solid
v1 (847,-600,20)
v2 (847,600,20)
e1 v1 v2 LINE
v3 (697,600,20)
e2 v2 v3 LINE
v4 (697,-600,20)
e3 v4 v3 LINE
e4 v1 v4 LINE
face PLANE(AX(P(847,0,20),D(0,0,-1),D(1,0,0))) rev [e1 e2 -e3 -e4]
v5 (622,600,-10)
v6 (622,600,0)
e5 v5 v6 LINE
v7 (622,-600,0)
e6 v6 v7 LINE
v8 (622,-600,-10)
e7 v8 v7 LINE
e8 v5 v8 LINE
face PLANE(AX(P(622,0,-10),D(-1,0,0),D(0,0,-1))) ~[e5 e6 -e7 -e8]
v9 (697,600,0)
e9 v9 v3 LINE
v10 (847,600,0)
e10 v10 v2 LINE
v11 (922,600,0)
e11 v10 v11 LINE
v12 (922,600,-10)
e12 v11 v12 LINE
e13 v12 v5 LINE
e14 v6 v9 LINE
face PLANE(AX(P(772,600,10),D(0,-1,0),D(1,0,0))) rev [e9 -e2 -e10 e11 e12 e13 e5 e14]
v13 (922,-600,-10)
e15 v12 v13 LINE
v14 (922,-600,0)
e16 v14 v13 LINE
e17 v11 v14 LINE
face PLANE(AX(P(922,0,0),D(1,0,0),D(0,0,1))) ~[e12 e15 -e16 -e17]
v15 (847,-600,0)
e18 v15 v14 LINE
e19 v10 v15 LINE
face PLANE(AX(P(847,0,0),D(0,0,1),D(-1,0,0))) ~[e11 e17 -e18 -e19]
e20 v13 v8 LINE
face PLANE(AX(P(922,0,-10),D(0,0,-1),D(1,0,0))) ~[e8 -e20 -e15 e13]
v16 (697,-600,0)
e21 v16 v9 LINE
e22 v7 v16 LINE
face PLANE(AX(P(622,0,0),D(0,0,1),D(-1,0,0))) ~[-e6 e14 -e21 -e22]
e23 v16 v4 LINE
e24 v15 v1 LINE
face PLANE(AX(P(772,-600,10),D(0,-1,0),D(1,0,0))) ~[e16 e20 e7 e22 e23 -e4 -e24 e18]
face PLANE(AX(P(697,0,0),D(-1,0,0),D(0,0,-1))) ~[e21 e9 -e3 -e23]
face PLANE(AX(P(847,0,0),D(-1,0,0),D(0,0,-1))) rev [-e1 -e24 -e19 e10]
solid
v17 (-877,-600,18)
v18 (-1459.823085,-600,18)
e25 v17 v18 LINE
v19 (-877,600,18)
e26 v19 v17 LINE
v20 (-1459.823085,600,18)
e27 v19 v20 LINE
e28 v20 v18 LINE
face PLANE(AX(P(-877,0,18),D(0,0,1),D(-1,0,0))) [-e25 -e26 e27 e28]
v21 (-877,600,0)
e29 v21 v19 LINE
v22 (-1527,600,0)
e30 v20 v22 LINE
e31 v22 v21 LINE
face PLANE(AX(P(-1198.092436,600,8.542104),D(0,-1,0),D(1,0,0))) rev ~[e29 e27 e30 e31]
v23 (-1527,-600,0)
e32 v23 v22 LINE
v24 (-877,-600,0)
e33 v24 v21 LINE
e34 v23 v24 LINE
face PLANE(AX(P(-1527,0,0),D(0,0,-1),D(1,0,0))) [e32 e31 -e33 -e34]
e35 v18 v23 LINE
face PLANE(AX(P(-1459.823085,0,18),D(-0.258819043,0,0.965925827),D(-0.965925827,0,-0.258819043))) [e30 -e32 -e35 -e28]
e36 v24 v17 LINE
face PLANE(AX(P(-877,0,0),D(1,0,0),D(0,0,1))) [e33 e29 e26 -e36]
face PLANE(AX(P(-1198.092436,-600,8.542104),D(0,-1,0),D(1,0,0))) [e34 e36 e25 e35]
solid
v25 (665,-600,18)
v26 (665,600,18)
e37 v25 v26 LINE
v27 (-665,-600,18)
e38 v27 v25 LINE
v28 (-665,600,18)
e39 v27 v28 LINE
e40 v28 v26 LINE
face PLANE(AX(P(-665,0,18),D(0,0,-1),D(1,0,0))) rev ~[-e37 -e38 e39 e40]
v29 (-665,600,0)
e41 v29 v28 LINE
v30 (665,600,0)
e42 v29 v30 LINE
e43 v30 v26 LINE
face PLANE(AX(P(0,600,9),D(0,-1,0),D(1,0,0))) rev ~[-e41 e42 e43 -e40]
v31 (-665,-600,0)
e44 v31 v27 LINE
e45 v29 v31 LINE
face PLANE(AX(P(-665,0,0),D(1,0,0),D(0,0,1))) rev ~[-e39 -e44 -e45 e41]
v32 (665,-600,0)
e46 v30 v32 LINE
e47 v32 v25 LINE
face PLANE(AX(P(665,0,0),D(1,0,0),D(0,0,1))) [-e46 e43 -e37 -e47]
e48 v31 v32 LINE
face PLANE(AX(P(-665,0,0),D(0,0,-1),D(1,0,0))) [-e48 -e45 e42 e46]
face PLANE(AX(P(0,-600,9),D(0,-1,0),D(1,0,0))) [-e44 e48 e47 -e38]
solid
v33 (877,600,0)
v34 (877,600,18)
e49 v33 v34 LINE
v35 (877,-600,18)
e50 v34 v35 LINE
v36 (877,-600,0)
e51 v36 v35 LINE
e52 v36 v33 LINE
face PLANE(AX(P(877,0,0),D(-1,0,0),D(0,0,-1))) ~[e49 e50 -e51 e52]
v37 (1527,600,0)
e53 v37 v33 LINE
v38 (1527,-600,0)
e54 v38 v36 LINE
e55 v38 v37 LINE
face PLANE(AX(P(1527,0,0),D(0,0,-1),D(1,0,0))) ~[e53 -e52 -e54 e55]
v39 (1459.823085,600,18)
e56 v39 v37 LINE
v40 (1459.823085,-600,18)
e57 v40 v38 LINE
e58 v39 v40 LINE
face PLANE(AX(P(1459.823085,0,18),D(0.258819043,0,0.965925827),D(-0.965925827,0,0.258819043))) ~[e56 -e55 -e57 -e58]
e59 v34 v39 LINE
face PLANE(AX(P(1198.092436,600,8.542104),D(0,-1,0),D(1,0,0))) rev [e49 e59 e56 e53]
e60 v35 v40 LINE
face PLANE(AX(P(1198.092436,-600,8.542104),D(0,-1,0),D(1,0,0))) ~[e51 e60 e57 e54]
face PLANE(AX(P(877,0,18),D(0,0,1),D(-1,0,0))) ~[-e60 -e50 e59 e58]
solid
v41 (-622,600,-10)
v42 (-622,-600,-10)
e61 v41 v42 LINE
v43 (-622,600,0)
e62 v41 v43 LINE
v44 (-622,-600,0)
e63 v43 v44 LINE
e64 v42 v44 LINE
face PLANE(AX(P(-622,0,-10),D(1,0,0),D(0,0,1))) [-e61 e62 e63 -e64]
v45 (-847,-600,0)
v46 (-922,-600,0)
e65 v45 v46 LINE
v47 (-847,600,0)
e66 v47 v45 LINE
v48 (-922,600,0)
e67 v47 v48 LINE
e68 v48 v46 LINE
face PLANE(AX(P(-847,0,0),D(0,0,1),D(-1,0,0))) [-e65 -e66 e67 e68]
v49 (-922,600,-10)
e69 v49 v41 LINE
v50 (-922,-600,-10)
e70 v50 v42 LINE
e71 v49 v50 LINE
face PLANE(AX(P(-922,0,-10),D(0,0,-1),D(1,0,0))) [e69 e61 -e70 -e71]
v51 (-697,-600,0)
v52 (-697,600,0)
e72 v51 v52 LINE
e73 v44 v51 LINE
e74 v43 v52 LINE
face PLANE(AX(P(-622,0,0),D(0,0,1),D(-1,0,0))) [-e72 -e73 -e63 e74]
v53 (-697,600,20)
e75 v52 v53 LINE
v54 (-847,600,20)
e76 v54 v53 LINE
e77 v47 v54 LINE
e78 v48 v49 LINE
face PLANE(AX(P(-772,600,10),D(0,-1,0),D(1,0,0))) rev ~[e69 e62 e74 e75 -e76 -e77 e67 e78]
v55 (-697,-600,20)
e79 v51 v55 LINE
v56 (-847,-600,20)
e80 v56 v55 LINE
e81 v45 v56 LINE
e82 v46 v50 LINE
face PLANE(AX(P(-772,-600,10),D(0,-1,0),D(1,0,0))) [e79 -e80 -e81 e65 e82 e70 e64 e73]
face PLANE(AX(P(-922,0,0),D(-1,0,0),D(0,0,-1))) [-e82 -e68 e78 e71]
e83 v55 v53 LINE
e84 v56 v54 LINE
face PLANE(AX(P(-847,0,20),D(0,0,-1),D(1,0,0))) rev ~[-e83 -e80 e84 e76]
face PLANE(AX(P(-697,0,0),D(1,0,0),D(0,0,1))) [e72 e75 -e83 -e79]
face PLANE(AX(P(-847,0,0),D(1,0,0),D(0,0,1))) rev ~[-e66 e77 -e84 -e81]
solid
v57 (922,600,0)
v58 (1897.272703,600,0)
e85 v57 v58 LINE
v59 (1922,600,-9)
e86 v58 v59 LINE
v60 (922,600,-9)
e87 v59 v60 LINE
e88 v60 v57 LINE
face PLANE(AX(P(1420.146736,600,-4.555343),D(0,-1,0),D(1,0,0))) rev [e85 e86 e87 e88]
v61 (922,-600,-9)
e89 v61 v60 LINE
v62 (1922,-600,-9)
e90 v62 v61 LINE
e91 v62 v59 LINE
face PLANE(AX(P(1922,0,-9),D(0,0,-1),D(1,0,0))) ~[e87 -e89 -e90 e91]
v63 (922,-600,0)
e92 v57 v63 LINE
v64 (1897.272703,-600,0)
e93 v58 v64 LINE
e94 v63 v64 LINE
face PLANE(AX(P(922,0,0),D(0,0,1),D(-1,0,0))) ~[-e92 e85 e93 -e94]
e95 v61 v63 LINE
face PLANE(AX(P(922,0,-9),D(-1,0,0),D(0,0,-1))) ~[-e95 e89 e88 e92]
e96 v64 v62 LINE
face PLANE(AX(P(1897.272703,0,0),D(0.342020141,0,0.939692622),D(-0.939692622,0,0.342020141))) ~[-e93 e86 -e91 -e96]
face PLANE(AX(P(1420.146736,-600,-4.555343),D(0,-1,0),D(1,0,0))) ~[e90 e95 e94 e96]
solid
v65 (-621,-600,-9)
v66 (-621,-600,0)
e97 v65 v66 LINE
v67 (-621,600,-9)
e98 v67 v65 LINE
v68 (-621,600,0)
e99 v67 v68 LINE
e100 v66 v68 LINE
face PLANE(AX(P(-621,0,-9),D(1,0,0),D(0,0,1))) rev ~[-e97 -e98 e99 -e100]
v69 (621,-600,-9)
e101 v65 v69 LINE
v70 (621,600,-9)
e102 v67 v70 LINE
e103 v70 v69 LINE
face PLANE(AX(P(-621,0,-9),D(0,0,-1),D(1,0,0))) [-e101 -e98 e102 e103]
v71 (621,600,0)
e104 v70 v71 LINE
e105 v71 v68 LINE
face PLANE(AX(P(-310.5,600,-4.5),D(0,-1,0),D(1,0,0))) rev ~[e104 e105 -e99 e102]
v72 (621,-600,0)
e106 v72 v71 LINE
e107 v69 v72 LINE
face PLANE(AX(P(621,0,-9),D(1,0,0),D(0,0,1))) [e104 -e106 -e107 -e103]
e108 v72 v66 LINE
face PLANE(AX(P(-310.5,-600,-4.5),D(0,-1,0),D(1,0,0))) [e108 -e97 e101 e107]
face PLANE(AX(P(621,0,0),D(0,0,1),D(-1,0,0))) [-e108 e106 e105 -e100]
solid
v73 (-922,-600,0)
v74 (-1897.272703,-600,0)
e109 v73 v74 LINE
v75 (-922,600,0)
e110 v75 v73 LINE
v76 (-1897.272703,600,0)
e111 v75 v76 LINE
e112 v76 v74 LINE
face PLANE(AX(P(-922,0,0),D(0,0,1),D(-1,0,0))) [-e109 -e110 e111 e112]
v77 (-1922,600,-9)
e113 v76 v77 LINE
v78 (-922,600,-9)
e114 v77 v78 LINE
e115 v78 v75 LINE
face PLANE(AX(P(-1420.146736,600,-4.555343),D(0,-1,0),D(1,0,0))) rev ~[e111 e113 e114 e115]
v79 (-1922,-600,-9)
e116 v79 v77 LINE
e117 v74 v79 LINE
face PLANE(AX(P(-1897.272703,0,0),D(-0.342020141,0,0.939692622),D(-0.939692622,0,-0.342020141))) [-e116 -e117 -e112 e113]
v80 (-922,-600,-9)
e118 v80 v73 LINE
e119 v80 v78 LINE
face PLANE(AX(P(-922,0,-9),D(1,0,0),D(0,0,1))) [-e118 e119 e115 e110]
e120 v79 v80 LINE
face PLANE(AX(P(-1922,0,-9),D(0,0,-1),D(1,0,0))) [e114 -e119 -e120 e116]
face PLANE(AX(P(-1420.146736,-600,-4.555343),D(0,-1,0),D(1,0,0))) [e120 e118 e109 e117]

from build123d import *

# Parameters (mm, degrees)
F0_W      = 150
F0_H      = 20
F1_DEPTH  = 600
F3_W      = 621
F3_H      = 9
F4_DEPTH  = 600
F5_DEPTH  = 600
F7_DEPTH  = 600
F9_DEPTH  = 600
F12_W     = 1330
F12_H     = 18
F13_DEPTH = 600


with BuildPart() as f1:
    # F0 (on Front) → F1 (new body, symmetric)
    with BuildSketch(Plane.XZ):
        with Locations((-772, 10)):
            Rectangle(F0_W, F0_H)
        Polygon((-697, 0), (-847, 0), (-922, 0), (-922, -10), (-622, -10), (-622, 0), align=None)
    extrude(amount=F1_DEPTH, both=True)


with BuildPart() as f2_1:
    # F2: instance of F1
    add(f1.part.mirror(Plane.YZ))


with BuildPart() as f4:
    # F3 (on Front) → F4 (new body, symmetric)
    with BuildSketch(Plane.XZ):
        with Locations((-310.5, -4.5)):
            Rectangle(F3_W, F3_H)
        with Locations((310.5, -4.5)):
            Rectangle(F3_W, F3_H)
    extrude(amount=F4_DEPTH, both=True)


with BuildPart() as f5:
    # F3 (on Front) → F5 (new body, symmetric)
    with BuildSketch(Plane.XZ):
        with Locations((-310.5, -4.5)):
            Rectangle(F3_W, F3_H)
        with Locations((310.5, -4.5)):
            Rectangle(F3_W, F3_H)
    extrude(amount=F5_DEPTH, both=True)


with BuildPart() as f7:
    # F6 (on Front) → F7 (new body, symmetric)
    with BuildSketch(Plane.XZ):
        Polygon((-922, -9), (-922, 0), (-1897.272703, 0), (-1922, -9), align=None)
    extrude(amount=F7_DEPTH, both=True)


with BuildPart() as f9:
    # F8 (on Front) → F9 (new body, symmetric)
    with BuildSketch(Plane.XZ):
        Polygon((-877, 0), (-877, 18), (-1459.823085, 18), (-1527, 0), align=None)
    extrude(amount=F9_DEPTH, both=True)


with BuildPart() as f10_1:
    # F10: instance of F9
    add(f9.part.mirror(Plane.YZ))


with BuildPart() as f10_2:
    # F10: instance of F7
    add(f7.part.mirror(Plane.YZ))


with BuildPart() as f13:
    # F12 (on Front) → F13 (new body, symmetric)
    with BuildSketch(Plane.XZ):
        with Locations((0, 9)):
            Rectangle(F12_W, F12_H)
    extrude(amount=F13_DEPTH, both=True)


solid = Compound([f1.part, f2_1.part, f4.part, f7.part, f9.part, f10_1.part, f10_2.part, f13.part])
